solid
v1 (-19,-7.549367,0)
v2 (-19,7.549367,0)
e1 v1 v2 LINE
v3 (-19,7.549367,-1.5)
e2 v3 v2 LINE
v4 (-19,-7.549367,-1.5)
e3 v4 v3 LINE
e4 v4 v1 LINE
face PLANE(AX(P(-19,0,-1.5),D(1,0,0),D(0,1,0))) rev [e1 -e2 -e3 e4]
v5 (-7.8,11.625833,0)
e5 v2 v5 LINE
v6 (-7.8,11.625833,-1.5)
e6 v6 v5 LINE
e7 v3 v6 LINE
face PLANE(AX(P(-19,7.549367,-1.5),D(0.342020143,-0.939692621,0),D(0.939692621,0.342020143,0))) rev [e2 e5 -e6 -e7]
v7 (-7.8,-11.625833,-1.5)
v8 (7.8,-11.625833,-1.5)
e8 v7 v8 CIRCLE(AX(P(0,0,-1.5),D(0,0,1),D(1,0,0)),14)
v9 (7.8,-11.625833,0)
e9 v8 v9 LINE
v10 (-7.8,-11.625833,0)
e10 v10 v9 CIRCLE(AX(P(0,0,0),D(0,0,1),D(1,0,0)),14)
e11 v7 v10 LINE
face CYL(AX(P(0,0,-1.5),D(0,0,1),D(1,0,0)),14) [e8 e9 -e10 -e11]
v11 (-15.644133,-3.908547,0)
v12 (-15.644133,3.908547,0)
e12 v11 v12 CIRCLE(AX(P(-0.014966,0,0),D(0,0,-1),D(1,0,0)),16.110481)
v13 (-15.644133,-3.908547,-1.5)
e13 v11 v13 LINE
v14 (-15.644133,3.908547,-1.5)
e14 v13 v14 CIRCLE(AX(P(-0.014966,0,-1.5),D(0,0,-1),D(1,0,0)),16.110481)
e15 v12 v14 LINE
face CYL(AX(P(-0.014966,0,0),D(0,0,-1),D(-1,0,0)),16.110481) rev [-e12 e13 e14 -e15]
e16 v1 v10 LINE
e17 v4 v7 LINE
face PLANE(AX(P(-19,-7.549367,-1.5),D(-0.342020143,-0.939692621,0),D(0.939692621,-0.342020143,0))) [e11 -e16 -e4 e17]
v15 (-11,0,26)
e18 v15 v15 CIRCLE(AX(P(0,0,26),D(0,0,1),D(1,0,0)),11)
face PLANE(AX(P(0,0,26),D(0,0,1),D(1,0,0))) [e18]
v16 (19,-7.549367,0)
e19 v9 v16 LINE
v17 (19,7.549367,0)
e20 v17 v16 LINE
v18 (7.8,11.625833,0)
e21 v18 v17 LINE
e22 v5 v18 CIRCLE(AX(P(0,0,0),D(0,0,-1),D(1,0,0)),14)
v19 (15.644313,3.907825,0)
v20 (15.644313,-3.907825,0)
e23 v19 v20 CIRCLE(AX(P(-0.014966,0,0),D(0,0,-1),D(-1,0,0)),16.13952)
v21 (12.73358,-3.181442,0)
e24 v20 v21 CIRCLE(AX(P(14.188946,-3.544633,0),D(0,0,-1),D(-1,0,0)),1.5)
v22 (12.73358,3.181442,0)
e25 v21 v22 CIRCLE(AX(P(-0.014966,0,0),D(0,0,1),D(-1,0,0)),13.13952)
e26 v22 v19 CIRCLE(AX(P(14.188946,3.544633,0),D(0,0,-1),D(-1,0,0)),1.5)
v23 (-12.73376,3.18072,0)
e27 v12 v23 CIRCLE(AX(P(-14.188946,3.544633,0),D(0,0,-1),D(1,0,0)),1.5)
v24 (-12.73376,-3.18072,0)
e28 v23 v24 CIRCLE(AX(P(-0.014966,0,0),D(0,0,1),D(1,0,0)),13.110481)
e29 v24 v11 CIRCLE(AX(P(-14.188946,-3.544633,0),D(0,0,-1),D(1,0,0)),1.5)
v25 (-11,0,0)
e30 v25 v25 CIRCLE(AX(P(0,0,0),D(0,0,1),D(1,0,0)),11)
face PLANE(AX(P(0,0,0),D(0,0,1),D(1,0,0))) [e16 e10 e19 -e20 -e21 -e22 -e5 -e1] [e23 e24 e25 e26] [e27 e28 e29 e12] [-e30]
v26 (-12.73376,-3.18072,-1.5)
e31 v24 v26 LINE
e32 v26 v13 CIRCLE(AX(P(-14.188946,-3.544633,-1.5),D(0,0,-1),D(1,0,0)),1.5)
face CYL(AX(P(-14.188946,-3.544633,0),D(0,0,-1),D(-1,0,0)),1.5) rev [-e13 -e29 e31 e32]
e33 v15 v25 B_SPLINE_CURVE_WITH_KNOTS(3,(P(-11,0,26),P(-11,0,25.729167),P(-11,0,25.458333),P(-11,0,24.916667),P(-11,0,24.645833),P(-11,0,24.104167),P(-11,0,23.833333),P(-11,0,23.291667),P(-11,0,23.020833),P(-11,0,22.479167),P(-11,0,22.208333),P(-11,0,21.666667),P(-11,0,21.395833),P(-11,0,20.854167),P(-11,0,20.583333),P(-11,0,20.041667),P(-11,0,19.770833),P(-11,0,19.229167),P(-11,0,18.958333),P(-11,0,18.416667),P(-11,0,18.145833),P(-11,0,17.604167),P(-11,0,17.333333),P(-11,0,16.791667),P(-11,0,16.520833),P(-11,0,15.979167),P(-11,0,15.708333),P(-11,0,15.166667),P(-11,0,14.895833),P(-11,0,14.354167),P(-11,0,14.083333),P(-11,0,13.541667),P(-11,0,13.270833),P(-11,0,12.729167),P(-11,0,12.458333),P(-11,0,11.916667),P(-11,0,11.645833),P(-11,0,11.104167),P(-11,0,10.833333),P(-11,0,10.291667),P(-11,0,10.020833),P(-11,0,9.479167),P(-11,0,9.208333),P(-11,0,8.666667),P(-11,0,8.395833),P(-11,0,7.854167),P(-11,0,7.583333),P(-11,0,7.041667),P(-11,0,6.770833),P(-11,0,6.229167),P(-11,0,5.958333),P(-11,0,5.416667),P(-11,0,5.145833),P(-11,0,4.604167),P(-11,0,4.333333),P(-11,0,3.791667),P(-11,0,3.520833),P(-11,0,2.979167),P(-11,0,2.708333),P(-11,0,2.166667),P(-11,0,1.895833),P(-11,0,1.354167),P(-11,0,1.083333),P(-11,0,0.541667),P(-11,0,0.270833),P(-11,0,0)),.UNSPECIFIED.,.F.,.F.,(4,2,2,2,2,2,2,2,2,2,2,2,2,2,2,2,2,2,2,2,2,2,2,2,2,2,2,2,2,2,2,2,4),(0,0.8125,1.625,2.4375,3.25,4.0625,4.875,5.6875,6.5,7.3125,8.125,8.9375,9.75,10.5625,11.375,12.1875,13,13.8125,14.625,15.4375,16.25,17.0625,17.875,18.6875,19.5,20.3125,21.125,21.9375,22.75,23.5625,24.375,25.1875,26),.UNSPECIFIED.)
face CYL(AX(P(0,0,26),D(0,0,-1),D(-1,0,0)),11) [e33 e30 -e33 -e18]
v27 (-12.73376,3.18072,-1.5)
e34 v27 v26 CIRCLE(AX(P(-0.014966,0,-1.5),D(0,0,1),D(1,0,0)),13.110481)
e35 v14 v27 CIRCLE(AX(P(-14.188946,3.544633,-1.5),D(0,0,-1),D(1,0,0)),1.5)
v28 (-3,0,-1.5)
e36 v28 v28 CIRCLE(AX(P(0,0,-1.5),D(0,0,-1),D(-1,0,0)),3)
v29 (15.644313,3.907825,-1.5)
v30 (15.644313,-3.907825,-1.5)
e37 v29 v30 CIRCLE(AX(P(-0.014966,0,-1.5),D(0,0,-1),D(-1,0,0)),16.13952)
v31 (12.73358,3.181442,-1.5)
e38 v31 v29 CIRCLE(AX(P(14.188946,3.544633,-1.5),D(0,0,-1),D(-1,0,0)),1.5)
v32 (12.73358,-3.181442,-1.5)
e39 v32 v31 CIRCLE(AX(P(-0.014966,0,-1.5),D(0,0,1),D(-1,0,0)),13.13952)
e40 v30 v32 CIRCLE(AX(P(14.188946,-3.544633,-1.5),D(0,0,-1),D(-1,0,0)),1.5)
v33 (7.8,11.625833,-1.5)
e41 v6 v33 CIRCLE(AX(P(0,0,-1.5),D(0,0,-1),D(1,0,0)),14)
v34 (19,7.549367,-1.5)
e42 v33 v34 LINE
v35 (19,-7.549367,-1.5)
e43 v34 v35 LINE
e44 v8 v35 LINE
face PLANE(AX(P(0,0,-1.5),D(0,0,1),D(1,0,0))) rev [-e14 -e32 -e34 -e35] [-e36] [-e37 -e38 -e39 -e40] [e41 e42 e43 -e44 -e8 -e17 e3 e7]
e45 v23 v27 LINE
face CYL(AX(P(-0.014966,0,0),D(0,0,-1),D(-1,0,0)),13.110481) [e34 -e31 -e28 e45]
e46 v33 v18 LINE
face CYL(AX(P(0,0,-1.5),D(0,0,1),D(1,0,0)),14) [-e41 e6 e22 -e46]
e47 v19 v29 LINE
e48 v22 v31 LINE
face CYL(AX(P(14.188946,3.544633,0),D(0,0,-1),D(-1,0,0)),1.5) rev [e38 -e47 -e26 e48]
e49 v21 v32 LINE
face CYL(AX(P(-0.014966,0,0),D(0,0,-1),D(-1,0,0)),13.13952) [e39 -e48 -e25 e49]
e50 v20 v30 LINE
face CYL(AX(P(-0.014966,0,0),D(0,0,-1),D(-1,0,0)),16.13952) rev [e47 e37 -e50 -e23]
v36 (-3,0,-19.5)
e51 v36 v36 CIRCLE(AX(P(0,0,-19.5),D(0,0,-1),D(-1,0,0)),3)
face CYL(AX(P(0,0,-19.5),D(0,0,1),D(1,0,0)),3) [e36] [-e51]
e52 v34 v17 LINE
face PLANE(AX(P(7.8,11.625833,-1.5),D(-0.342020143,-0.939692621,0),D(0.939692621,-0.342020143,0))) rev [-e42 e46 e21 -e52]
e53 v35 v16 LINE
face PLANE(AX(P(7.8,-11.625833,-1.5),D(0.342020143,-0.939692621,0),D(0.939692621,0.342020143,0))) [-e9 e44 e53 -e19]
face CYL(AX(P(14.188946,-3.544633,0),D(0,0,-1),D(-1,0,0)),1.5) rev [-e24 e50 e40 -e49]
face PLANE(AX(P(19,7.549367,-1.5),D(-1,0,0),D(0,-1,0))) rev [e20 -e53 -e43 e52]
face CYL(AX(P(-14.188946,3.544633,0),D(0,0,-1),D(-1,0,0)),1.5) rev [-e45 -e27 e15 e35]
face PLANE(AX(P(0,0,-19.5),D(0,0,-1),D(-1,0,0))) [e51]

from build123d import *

# Parameters (mm, degrees)
ESQUISSE1_R             = 11
BOSS_EXTRU_1_DEPTH      = 26
BOSS_EXTRU_2_DEPTH      = 1.5
ENL_V_MAT_EXTRU_1_DEPTH = 1.5
ESQUISSE4_R             = 3
BOSS_EXTRU_3_DEPTH      = 18


with BuildPart() as part:
    # Esquisse1 → Boss.-Extru.1 (new body)
    with BuildSketch(Plane.XY):
        with Locations(Location((0, 0, 0), (0, 0, 180))):
            Circle(ESQUISSE1_R)
    extrude(amount=BOSS_EXTRU_1_DEPTH)

    # Esquisse2 → Boss.-Extru.2 (add)
    with BuildSketch(Plane(origin=(0, 0, 0), x_dir=(-1, 0, 0), z_dir=(0, 0, -1))):
        with BuildLine():
            Line((-7.8, 11.625833303), (-19, 7.54936668))
            Line((-19, 7.54936668), (-19, 0))
            Line((-19, 0), (19, 0))
            Line((19, 0), (19, 7.54936668))
            Line((19, 7.54936668), (7.8, 11.625833303))
            ThreePointArc((7.8, 11.625833303), (0, 14), (-7.8, 11.625833303))
        make_face()
    boss_extru_2 = extrude(amount=BOSS_EXTRU_2_DEPTH)

    # Symétrie1: Boss.-Extru.2 across plane
    add(boss_extru_2.mirror(Plane(origin=(19, 0, -1.5), x_dir=(0, 0, 1), z_dir=(0, 1, 0))))

    # Esquisse3 → Enlèv. mat.-Extru.1 (cut)
    with BuildSketch(Plane(origin=(0, 0, -1.5), x_dir=(-1, 0, 0), z_dir=(0, 0, -1))):
        with BuildLine():
            ThreePointArc((-15.644312892, 3.907824988), (-16.124554191, 0), (-15.644312892, -3.907824988))
            ThreePointArc((-15.644312892, -3.907824988), (-13.825754742, -5), (-12.73357973, -3.181441851))
            ThreePointArc((-12.73357973, -3.181441851), (-13.124554191, 0), (-12.73357973, 3.181441851))
            ThreePointArc((-12.73357973, 3.181441851), (-13.825754742, 5), (-15.644312892, 3.907824988))
        make_face()
        with BuildLine():
            ThreePointArc((15.644132561, 3.908546838), (16.125446605, 0), (15.644132561, -3.908546838))
            ThreePointArc((15.644132561, -3.908546838), (13.825032892, -4.99981967), (12.733760061, -3.18072))
            ThreePointArc((12.733760061, -3.18072), (13.125446605, 0), (12.733760061, 3.18072))
            ThreePointArc((12.733760061, 3.18072), (13.825032892, 4.99981967), (15.644132561, 3.908546838))
        make_face()
    extrude(amount=-ENL_V_MAT_EXTRU_1_DEPTH, mode=Mode.SUBTRACT)

    # Esquisse4 → Boss.-Extru.3 (add)
    with BuildSketch(Plane(origin=(0, 0, -1.5), x_dir=(-1, 0, 0), z_dir=(0, 0, -1))):
        Circle(ESQUISSE4_R)
    extrude(amount=BOSS_EXTRU_3_DEPTH)


solid = part.part
